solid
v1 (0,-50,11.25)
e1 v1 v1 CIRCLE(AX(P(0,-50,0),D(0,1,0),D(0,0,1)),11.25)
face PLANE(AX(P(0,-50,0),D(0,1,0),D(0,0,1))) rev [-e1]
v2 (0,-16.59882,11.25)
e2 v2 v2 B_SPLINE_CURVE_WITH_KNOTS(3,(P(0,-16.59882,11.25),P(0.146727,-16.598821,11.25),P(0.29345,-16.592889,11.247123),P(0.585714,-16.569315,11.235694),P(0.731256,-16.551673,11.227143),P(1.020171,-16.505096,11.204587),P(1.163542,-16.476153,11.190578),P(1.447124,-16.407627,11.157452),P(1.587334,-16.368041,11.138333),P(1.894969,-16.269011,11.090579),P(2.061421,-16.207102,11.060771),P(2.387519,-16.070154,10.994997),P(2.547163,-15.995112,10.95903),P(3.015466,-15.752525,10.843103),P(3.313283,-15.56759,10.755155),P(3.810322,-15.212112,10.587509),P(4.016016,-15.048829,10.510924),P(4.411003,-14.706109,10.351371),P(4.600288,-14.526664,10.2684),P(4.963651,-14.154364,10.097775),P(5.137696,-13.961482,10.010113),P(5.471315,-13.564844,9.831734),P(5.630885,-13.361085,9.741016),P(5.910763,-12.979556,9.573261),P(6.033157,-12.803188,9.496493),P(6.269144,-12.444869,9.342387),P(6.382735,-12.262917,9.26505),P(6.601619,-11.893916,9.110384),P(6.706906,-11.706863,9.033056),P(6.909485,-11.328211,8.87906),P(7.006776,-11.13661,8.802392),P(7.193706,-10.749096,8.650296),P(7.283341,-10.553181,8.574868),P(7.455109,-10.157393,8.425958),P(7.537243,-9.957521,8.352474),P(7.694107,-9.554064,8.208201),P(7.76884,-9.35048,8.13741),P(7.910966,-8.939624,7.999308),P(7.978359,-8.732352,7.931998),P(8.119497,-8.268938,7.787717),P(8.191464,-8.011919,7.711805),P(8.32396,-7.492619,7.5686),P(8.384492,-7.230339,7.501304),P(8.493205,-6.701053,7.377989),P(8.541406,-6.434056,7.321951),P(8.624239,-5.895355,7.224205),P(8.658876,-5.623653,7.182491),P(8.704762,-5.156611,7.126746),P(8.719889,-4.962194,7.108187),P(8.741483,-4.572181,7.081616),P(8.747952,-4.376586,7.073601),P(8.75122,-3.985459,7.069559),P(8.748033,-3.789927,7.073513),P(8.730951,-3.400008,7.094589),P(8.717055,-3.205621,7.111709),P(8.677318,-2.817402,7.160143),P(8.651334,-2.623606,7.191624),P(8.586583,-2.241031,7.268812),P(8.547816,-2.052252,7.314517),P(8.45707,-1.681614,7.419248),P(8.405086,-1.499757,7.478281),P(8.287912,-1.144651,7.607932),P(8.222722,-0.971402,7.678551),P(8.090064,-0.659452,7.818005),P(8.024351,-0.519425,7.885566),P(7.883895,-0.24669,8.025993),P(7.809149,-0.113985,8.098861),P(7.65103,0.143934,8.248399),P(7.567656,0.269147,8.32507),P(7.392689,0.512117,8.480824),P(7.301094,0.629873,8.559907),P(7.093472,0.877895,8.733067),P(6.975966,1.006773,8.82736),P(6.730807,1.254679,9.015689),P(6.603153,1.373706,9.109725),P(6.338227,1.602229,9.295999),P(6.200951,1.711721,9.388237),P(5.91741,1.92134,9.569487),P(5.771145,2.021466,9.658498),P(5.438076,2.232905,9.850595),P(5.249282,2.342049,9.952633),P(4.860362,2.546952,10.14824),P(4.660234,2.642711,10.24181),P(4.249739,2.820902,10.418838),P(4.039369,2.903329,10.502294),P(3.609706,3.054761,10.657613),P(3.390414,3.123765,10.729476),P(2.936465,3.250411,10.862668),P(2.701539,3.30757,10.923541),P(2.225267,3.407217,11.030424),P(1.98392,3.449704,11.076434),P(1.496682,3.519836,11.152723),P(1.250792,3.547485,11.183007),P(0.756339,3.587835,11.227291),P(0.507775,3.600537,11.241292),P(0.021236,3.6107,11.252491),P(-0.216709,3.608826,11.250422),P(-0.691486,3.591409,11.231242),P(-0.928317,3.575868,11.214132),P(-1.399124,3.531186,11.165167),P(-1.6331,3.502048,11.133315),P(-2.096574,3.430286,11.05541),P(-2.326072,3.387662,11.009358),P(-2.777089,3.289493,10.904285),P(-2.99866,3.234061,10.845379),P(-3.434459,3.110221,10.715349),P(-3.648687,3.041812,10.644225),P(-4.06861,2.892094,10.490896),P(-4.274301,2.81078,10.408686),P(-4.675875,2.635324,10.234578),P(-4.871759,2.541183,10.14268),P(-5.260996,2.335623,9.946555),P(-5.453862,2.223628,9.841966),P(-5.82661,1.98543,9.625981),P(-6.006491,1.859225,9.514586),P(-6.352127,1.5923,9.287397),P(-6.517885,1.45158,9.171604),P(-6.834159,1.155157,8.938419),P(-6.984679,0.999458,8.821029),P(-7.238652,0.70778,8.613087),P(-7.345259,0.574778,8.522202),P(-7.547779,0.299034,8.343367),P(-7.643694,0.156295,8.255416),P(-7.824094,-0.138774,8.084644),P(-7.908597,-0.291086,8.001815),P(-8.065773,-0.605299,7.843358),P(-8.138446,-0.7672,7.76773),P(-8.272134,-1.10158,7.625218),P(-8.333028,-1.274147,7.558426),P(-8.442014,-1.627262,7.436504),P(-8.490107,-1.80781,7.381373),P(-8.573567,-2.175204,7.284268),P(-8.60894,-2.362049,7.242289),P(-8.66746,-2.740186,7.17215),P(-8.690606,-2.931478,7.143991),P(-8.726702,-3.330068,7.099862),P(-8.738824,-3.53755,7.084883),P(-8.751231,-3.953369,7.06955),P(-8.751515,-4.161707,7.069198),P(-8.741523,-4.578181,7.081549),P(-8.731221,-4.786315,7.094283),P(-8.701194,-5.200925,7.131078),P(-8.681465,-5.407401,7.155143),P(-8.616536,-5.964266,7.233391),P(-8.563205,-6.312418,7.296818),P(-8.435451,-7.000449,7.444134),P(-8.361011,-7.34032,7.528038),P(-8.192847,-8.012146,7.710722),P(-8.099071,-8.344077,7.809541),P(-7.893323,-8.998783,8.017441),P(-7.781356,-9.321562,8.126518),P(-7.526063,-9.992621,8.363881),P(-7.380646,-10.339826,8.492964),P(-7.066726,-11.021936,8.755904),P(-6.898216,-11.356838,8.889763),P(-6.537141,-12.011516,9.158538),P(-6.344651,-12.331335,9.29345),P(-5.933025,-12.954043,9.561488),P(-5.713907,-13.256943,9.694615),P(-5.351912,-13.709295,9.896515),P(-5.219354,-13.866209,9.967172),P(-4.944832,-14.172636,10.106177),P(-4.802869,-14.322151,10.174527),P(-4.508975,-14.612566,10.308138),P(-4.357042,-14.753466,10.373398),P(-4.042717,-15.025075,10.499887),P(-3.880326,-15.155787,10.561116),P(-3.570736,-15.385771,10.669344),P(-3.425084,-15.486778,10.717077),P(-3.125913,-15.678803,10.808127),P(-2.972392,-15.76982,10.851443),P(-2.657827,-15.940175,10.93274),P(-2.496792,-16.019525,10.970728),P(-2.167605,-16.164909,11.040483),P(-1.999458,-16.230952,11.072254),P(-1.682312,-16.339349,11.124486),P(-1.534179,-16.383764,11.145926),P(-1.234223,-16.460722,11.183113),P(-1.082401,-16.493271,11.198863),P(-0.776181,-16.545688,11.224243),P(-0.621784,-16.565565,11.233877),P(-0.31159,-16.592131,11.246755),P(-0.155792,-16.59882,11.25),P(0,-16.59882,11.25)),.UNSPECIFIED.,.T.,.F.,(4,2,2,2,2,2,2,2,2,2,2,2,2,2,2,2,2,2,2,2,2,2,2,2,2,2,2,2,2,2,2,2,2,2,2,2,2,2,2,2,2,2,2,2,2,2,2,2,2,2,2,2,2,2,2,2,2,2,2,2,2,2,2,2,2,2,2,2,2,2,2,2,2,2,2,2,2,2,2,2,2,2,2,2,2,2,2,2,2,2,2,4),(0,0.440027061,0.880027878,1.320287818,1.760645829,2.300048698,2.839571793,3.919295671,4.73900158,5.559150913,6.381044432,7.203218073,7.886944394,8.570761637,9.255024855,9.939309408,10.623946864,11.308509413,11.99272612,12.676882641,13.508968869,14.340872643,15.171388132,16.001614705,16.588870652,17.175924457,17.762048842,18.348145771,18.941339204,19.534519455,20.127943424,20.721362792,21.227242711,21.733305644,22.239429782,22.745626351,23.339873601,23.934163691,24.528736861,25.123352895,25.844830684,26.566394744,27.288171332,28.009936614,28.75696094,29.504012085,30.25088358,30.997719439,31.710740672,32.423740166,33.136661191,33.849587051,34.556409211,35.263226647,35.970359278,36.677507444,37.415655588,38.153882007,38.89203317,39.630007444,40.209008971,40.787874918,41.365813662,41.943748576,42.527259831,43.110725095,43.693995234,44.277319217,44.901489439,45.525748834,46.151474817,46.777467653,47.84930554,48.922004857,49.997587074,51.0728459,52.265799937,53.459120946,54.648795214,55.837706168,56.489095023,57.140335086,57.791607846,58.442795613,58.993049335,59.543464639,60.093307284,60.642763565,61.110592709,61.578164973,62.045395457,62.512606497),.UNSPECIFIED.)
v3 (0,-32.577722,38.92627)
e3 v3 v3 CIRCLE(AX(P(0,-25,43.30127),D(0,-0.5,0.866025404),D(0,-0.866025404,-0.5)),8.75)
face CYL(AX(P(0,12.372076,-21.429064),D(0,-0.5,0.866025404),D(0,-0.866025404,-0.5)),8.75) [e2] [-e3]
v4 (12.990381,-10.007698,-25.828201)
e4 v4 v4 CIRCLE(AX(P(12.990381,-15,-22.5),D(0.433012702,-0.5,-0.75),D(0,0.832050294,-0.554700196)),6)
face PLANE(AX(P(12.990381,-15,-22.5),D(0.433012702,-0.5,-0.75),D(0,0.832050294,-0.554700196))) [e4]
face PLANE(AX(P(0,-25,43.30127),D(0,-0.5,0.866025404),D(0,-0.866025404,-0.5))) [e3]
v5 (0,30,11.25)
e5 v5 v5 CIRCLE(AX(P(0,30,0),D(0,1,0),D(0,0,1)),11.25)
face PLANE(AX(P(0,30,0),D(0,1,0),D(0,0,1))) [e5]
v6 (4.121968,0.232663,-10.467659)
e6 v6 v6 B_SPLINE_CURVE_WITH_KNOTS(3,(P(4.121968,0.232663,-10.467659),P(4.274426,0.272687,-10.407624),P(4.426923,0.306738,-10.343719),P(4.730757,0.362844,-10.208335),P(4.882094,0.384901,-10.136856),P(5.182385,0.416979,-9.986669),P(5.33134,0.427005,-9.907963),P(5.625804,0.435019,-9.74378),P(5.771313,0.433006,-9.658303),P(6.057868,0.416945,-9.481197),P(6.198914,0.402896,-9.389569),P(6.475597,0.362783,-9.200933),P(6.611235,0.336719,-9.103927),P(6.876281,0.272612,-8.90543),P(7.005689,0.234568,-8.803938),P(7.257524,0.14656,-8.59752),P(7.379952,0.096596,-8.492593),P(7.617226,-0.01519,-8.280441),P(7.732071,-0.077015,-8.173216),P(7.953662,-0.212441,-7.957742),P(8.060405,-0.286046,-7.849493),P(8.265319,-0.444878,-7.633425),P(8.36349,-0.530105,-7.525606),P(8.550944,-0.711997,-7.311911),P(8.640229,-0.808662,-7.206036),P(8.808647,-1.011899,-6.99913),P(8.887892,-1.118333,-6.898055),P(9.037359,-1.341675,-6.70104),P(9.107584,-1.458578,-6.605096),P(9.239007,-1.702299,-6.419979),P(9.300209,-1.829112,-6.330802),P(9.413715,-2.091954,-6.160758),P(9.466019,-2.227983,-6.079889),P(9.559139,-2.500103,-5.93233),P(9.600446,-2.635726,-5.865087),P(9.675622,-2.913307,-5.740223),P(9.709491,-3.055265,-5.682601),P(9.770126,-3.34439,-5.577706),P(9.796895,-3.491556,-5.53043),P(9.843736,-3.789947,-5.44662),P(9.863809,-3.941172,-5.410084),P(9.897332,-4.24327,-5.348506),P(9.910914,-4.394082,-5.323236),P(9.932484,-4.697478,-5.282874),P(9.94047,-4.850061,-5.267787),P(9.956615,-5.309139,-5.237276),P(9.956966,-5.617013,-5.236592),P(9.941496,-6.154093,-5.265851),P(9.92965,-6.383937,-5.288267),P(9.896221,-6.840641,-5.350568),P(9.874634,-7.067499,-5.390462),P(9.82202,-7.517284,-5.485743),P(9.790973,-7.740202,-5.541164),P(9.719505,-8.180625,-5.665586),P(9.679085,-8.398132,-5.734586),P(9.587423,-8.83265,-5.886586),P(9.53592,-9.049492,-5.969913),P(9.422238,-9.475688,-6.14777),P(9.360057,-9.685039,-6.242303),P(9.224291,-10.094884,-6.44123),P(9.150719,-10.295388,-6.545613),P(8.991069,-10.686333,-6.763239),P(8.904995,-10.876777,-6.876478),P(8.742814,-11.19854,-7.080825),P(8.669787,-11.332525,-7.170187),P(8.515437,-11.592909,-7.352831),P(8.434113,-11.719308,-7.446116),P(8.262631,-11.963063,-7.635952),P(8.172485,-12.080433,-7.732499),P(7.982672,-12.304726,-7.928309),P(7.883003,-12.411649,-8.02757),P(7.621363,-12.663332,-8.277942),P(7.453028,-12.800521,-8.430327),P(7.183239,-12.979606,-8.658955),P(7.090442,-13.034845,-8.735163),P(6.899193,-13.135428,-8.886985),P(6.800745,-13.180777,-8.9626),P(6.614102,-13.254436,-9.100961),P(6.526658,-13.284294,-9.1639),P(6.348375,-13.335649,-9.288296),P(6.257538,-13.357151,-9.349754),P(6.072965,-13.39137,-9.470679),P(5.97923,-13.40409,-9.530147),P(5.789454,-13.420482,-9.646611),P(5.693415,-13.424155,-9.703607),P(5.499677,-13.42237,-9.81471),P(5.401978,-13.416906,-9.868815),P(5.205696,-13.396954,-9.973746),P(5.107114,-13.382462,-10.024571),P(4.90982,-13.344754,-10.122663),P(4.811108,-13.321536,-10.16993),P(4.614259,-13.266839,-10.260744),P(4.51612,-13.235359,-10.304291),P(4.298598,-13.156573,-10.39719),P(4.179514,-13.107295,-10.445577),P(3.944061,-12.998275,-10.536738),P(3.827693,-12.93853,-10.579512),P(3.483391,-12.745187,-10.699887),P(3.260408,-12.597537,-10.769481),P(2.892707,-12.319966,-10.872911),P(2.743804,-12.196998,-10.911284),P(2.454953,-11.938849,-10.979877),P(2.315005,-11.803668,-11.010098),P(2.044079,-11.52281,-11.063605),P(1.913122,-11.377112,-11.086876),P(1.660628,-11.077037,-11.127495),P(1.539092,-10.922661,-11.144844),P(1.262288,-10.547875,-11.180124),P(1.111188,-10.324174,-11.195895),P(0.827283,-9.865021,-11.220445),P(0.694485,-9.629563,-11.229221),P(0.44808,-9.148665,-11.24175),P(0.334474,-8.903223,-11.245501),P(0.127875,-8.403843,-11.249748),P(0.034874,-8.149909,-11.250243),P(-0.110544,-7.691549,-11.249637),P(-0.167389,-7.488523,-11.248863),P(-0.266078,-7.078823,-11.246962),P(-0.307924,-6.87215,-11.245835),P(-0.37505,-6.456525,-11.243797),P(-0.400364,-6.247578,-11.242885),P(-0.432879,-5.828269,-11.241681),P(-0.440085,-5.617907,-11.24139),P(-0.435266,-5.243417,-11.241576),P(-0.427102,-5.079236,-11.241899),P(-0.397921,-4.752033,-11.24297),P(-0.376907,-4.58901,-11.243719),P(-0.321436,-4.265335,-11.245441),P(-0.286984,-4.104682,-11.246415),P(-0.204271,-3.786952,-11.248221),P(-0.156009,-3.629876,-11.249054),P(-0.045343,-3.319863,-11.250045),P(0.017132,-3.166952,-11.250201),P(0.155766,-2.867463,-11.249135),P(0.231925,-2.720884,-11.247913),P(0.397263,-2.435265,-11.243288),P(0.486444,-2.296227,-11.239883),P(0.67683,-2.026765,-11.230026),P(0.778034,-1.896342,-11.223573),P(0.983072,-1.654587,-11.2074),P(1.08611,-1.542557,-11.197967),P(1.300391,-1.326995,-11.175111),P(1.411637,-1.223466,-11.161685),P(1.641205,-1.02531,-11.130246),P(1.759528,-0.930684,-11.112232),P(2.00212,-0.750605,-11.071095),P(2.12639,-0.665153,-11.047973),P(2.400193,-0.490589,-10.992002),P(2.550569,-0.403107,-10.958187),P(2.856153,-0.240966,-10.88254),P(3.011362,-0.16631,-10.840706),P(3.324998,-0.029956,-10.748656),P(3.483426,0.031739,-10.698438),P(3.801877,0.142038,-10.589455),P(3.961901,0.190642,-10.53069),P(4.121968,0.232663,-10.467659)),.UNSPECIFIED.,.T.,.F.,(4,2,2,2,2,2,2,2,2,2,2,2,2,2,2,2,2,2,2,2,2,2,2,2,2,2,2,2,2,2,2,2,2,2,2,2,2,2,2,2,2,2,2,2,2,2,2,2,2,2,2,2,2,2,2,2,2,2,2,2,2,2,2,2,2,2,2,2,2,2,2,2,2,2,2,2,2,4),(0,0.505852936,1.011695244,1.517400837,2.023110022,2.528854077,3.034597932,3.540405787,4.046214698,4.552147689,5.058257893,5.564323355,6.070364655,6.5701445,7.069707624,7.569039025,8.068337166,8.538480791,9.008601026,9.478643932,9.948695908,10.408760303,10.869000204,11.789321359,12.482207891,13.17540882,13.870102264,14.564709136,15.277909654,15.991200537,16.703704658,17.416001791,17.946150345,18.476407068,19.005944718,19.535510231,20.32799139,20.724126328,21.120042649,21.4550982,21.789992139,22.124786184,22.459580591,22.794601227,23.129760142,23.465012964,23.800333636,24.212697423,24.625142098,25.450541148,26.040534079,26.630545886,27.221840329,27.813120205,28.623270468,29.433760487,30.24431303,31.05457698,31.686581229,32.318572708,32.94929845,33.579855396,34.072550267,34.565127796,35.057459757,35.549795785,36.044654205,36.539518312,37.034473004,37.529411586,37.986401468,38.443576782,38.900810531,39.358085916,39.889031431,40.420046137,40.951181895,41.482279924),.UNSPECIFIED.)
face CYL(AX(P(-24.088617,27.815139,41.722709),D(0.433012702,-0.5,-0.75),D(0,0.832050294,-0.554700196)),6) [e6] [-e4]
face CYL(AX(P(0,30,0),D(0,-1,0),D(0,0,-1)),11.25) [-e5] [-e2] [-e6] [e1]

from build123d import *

# Parameters (mm, degrees)
BOSS_EXTRUDE1_DEPTH      = 30
BOSS_EXTRUDE1_DEPTH_BACK = 50
SKETCH2_R                = 11.25
BOSS_EXTRUDE2_REACH      = 80.278
BOSS_EXTRUDE2_END_RADIUS = 11.25
SKETCH4_R                = 8.75
BOSS_EXTRUDE3_REACH      = 88.818
BOSS_EXTRUDE3_END_RADIUS = 11.25
SKETCH11_R               = 6


with BuildPart() as part:
    # Sketch2 → Boss-Extrude1 (new, two sides: drawn at the far end of the back side and taken through both)
    with BuildSketch(Plane(origin=(0, 0, 0), x_dir=(1, 0, 0), z_dir=(0, 1, 0)).offset(-BOSS_EXTRUDE1_DEPTH_BACK)):
        Circle(SKETCH2_R)
    extrude(amount=BOSS_EXTRUDE1_DEPTH + BOSS_EXTRUDE1_DEPTH_BACK)

    # Boss-Extrude2: up to this cylinder (the profile starts outside it)
    boss_extrude2_end = Plane(origin=(0, -25, 0), z_dir=(0, -1, 0)) * Cylinder(BOSS_EXTRUDE2_END_RADIUS, 184.056, mode=Mode.PRIVATE)
    # Sketch4 → Boss-Extrude2 (add, up to the surface)
    with BuildSketch(Plane(origin=(0, -25, 43.301270189), x_dir=(1, 0, 0), z_dir=(0, -0.5000000000000012, 0.866025403784438)), mode=Mode.PRIVATE) as boss_extrude2_sk1:
        Circle(SKETCH4_R)
    boss_extrude2_tool1 = extrude(boss_extrude2_sk1.sketch, amount=-BOSS_EXTRUDE2_REACH, mode=Mode.PRIVATE) - boss_extrude2_end
    add(boss_extrude2_tool1.solids().sort_by_distance((0, -25, 43.30127))[0])

    # Boss-Extrude3: up to this cylinder (the profile starts outside it)
    boss_extrude3_end = Plane(origin=(0, -15, 0), z_dir=(0, -1, 0)) * Cylinder(BOSS_EXTRUDE3_END_RADIUS, 201.136, mode=Mode.PRIVATE)
    # Sketch11 → Boss-Extrude3 (add, up to the surface)
    with BuildSketch(Plane(origin=(12.990381057, -15, -22.5), x_dir=(-0.9013878188659962, -0.24019223070762985, -0.36028834606144955), z_dir=(0.43301270189222174, -0.4999999999999946, -0.7500000000000021)), mode=Mode.PRIVATE) as boss_extrude3_sk1:
        Circle(SKETCH11_R)
    boss_extrude3_tool1 = extrude(boss_extrude3_sk1.sketch, amount=-BOSS_EXTRUDE3_REACH, mode=Mode.PRIVATE) - boss_extrude3_end
    add(boss_extrude3_tool1.solids().sort_by_distance((12.990381, -15, -22.5))[0])


solid = part.part
